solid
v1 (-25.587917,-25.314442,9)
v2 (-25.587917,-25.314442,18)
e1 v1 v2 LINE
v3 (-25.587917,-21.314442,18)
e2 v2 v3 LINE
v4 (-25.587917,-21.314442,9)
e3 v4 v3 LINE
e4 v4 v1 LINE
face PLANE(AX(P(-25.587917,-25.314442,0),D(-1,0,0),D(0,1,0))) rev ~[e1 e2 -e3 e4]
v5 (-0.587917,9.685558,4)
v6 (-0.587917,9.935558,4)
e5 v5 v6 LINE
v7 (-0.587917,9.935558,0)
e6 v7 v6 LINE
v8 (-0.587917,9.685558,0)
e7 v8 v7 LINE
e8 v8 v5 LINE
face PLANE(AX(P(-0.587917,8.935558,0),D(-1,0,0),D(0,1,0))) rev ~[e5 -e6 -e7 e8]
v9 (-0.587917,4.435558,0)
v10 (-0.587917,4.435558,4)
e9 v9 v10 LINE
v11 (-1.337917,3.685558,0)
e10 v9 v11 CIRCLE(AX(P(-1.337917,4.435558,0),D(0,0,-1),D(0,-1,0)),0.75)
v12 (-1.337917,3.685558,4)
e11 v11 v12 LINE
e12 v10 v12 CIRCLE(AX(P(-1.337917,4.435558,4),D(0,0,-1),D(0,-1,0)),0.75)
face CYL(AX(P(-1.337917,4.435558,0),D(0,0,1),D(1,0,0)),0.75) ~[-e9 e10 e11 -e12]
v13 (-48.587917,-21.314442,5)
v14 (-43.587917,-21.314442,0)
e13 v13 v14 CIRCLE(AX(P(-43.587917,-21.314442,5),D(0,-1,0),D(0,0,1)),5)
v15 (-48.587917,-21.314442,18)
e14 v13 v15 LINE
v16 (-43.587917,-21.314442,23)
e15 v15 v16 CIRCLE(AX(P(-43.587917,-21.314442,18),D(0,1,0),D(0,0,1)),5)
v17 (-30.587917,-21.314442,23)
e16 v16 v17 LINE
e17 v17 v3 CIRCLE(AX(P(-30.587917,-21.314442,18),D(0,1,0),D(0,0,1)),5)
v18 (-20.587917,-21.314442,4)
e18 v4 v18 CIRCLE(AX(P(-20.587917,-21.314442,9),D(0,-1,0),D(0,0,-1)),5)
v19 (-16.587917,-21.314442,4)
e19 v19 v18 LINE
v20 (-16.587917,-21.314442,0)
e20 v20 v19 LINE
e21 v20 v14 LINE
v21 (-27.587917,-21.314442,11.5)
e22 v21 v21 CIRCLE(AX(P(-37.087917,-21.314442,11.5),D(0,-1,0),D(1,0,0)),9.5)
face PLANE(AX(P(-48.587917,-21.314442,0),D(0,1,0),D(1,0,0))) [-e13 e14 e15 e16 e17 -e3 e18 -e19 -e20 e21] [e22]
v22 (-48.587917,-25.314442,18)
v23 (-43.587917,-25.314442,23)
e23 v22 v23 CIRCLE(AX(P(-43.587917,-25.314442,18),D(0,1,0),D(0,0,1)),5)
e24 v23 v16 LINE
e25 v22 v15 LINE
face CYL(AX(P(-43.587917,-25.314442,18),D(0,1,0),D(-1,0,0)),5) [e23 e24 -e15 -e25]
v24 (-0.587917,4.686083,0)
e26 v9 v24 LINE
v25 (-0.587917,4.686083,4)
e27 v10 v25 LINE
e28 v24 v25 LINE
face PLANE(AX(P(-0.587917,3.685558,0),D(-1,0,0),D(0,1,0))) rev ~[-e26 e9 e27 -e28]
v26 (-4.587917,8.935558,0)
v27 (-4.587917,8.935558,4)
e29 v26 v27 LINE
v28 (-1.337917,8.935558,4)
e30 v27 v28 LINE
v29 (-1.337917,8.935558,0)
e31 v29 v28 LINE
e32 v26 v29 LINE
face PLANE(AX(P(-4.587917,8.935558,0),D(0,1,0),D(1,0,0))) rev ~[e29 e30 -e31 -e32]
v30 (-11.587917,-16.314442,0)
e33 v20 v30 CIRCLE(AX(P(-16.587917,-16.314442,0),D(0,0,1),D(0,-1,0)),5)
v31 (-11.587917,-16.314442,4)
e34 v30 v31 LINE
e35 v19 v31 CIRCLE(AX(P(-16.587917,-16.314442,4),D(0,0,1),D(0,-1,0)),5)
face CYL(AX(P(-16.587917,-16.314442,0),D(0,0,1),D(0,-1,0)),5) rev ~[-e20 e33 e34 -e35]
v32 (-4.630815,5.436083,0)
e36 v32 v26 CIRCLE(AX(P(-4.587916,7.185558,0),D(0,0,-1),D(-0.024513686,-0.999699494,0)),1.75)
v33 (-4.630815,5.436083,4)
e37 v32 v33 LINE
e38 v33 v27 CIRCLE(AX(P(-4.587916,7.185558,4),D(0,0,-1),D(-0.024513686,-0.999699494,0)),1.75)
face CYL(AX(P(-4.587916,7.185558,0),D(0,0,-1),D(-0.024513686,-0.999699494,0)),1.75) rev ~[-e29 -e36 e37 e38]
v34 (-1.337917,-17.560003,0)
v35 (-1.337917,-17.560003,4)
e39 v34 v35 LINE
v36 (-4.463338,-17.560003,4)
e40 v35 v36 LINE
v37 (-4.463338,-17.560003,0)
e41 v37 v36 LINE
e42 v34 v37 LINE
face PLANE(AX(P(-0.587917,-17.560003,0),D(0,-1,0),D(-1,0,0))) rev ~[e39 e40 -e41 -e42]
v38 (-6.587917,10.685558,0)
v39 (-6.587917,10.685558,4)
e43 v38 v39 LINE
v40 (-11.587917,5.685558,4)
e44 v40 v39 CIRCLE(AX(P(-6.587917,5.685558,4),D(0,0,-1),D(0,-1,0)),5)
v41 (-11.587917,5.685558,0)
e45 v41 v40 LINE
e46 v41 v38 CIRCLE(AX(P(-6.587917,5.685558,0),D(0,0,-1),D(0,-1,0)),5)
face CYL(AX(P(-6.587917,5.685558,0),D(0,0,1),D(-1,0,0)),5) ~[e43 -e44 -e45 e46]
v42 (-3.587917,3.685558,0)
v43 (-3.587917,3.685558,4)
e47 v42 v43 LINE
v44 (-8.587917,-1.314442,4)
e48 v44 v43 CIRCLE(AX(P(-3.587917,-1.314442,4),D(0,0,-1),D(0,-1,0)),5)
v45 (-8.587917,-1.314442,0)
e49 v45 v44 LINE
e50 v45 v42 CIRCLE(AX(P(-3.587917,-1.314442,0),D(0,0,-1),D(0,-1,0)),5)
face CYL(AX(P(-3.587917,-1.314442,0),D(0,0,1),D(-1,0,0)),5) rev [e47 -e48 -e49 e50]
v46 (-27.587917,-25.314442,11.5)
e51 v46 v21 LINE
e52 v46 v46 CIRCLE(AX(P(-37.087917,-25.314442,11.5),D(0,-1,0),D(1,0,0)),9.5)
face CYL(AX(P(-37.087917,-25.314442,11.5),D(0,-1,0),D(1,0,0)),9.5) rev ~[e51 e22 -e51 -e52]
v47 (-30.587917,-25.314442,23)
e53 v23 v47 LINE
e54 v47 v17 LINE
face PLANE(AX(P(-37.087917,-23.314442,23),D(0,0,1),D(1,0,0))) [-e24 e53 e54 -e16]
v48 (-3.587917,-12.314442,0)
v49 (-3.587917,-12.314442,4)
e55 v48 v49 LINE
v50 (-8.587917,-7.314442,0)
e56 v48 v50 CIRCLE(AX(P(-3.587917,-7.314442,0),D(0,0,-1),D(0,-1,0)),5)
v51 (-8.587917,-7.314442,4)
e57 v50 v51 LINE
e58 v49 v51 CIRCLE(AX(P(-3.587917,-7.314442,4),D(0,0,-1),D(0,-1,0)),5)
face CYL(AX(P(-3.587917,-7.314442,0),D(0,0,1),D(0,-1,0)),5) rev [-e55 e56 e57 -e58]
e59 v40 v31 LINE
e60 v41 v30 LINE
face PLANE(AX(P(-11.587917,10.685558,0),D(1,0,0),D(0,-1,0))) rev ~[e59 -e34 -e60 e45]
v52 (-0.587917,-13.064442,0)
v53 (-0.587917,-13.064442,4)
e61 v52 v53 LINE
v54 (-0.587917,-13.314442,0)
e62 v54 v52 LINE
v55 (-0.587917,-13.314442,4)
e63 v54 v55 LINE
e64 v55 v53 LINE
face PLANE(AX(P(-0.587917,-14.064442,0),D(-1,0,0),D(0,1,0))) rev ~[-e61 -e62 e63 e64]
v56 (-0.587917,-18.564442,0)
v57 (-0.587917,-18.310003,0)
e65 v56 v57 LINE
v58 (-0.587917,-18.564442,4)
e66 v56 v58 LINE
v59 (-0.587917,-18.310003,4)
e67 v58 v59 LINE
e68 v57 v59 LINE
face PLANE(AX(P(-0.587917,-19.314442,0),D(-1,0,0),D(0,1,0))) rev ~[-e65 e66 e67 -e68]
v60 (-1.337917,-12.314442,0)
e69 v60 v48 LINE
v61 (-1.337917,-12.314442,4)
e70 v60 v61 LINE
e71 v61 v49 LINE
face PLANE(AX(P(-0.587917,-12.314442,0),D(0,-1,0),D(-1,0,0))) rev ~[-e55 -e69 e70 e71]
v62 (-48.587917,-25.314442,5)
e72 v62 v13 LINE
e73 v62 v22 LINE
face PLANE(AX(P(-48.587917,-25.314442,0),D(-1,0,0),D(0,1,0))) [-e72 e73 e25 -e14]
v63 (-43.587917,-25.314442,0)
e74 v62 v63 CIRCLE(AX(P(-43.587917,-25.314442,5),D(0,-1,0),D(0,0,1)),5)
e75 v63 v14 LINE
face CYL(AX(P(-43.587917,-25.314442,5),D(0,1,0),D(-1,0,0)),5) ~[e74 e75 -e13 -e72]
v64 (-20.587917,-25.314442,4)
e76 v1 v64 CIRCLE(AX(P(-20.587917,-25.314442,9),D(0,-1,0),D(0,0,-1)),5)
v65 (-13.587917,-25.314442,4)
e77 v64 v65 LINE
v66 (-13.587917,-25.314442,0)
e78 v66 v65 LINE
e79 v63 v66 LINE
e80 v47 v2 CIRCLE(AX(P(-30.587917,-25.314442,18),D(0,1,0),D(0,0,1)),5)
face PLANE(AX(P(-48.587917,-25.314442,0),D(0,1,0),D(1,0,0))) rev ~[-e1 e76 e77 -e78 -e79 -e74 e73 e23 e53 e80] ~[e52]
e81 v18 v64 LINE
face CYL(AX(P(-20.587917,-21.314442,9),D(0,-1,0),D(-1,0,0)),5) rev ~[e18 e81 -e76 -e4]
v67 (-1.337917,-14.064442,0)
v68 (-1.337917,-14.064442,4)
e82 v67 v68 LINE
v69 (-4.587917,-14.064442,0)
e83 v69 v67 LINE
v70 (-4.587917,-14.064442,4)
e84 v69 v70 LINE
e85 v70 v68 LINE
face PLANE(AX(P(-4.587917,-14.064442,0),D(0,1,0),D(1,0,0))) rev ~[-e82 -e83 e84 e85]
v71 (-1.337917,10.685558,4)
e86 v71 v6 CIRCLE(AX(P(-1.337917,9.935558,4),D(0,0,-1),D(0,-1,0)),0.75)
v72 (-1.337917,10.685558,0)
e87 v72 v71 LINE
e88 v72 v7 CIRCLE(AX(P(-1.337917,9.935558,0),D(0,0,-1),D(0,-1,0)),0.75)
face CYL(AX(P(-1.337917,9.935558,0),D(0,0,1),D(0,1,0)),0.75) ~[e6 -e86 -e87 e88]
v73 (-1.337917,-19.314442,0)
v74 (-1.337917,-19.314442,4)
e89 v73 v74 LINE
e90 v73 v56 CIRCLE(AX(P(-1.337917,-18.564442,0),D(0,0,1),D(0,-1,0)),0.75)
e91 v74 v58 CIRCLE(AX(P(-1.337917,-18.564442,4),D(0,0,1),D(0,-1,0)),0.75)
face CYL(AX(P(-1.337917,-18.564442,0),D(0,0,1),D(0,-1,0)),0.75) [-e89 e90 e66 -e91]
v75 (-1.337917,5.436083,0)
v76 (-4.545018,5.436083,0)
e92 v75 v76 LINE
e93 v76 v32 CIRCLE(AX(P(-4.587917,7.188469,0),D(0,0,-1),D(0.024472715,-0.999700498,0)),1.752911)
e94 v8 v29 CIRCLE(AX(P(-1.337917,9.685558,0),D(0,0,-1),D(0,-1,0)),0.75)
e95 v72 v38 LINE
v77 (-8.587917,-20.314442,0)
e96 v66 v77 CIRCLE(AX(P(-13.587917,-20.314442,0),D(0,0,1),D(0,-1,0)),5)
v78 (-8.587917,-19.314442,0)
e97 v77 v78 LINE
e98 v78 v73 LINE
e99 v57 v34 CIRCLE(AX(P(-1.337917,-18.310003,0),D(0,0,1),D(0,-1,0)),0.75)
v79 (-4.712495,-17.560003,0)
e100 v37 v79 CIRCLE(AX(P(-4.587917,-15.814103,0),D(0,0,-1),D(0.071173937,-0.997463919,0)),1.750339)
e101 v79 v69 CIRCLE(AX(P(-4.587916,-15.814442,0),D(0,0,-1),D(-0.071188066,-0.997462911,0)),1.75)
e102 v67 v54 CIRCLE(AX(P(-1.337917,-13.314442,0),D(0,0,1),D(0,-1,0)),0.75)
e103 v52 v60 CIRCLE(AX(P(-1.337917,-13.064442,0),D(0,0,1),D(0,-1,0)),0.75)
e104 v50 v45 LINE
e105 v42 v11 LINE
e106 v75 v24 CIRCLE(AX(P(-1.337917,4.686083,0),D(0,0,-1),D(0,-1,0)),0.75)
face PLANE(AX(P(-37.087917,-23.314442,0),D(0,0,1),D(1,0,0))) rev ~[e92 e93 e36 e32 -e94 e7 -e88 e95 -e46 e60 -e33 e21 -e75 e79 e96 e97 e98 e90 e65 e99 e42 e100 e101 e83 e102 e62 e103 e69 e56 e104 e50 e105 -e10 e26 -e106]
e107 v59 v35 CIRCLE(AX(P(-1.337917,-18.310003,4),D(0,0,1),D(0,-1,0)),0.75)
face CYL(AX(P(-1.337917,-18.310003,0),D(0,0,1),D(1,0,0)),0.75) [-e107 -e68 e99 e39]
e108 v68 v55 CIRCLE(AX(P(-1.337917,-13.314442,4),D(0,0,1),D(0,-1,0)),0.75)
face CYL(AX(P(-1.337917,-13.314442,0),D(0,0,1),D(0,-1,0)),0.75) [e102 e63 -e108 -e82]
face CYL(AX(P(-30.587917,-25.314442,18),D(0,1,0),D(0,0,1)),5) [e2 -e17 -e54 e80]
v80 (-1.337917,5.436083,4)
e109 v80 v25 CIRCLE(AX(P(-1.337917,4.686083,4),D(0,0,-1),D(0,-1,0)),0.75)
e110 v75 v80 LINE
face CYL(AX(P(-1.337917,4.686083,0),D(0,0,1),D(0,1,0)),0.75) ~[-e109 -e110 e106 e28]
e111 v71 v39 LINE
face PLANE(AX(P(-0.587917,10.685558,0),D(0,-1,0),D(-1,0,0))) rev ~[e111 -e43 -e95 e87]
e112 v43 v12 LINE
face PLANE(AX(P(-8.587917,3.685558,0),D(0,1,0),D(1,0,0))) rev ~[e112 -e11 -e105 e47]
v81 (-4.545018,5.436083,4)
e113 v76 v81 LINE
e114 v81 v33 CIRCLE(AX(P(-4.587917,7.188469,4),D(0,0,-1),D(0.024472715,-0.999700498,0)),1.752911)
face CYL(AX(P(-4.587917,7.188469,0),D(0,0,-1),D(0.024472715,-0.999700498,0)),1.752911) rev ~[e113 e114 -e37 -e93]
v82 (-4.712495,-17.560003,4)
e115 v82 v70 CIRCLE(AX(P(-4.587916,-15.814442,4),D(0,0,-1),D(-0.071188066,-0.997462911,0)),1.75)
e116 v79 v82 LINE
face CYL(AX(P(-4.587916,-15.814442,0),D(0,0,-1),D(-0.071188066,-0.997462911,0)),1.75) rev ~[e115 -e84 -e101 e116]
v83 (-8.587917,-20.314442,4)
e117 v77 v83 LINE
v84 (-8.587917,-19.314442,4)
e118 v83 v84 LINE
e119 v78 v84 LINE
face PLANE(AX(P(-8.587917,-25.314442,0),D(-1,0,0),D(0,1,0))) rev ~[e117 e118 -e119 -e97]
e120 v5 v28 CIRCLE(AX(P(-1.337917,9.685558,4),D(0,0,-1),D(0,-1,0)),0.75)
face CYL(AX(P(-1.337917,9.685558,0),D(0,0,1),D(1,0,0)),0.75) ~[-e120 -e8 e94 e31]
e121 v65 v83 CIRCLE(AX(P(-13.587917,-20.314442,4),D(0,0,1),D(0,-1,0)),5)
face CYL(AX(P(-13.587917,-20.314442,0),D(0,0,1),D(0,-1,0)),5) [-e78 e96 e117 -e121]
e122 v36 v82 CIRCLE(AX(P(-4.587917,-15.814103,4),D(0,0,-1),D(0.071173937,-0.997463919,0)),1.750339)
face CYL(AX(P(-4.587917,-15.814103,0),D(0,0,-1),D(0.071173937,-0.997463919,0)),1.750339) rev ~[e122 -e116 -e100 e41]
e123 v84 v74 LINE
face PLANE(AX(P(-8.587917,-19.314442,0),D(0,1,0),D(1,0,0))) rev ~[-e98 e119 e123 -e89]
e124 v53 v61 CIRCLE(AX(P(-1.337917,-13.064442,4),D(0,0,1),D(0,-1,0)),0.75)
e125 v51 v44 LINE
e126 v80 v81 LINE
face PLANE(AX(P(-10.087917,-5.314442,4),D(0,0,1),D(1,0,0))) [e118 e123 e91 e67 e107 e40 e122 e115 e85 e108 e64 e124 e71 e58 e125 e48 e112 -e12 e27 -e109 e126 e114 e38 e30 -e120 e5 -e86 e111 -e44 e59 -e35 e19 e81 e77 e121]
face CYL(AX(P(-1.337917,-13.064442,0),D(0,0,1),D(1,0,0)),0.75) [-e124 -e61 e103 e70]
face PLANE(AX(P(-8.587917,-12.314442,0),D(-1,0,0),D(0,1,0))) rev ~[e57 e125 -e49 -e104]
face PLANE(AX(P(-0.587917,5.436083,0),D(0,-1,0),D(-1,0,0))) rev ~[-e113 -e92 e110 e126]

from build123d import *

# Parameters (mm, degrees)
F1_DEPTH = 4
F0_W     = 23
F0_H     = 4
F0_W_2   = 15
F0_H_2   = 1
F2_DEPTH = 23
F3_R     = 9.5
F4_DEPTH = 25
F5_R     = 5
F6_R     = 5
F7_R     = 0.75


with BuildPart() as f1:
    # F0 (on Top) → F1 (new body)
    with BuildSketch(Plane.XY):
        Polygon((-8.587917, 10.685558), (-11.587917, 10.685558), (-11.587917, -21.314442), (-8.587917, -21.314442), (-8.587917, -19.314442), (-8.587917, -12.314442), (-8.587917, 3.685558), align=None)
        with BuildLine():
            Line((-0.587917, -12.314442), (-8.587917, -12.314442))
            Line((-8.587917, -12.314442), (-8.587917, -19.314442))
            Line((-8.587917, -19.314442), (-0.587917, -19.314442))
            Line((-0.587917, -19.314442), (-0.587917, -17.560003))
            Line((-0.587917, -17.560003), (-4.463338, -17.560003))
            ThreePointArc((-4.463338, -17.560003), (-4.587917, -17.564442), (-4.712495, -17.560003))
            ThreePointArc((-4.712495, -17.560003), (-6.336806, -15.752114), (-4.587917, -14.064442))
            Line((-4.587917, -14.064442), (-0.587917, -14.064442))
            Line((-0.587917, -14.064442), (-0.587917, -12.314442))
        make_face()
        with BuildLine():
            Line((-0.587917, 10.685558), (-8.587917, 10.685558))
            Line((-8.587917, 10.685558), (-8.587917, 3.685558))
            Line((-8.587917, 3.685558), (-0.587917, 3.685558))
            Line((-0.587917, 3.685558), (-0.587917, 5.436083))
            Line((-0.587917, 5.436083), (-4.545018, 5.436083))
            ThreePointArc((-4.545018, 5.436083), (-4.587917, 5.435558), (-4.630815, 5.436083))
            ThreePointArc((-4.630815, 5.436083), (-6.337785, 7.207009), (-4.587917, 8.935558))
            Line((-4.587917, 8.935558), (-0.587917, 8.935558))
            Line((-0.587917, 8.935558), (-0.587917, 10.685558))
        make_face()
        Polygon((-8.587917, -21.314442), (-11.587917, -21.314442), (-25.587917, -21.314442), (-25.587917, -25.314442), (-8.587917, -25.314442), align=None)
    extrude(amount=F1_DEPTH)

    # F0 (on Top) → F2 (join)
    with BuildSketch(Plane.XY):
        with Locations((-37.087917, -23.314442)):
            Rectangle(F0_W, F0_H)
        with Locations((-37.087917, -23.314442)):
            Rectangle(F0_W_2, F0_H_2, mode=Mode.SUBTRACT)
        with Locations((-37.087917, -23.314442)):
            Rectangle(F0_W_2, F0_H_2)
    extrude(amount=F2_DEPTH)

    # F3 (on face) → F4 (cut)
    with BuildSketch(Plane.XZ.offset(25.314442)):
        with Locations((-37.087917, 11.5)):
            Circle(F3_R)
    extrude(amount=-F4_DEPTH, mode=Mode.SUBTRACT)

    # F5
    f5_edges = [f1.edges().sort_by_distance(p)[0] for p in [
        (-48.587917, -23.314442, 23),
        (-25.587917, -23.314442, 23),
        (-48.587917, -23.314442, 0),
        (-25.587917, -23.314442, 4),
    ]]
    fillet(f5_edges, radius=F5_R)

    # F6
    f6_edges = [f1.edges().sort_by_distance(p)[0] for p in [
        (-8.587917, -25.314442, 2),
        (-11.587917, -21.314442, 2),
        (-8.587917, -12.314442, 2),
        (-8.587917, 3.685558, 2),
        (-11.587917, 10.685558, 2),
    ]]
    fillet(f6_edges, radius=F6_R)

    # F7
    f7_edges = [f1.edges().sort_by_distance(p)[0] for p in [
        (-0.587917, 10.685558, 2),
        (-0.587917, 8.935558, 2),
        (-0.587917, 5.436083, 2),
        (-0.587917, 3.685558, 2),
        (-0.587917, -12.314442, 2),
        (-0.587917, -14.064442, 2),
        (-0.587917, -17.560003, 2),
        (-0.587917, -19.314442, 2),
    ]]
    fillet(f7_edges, radius=F7_R)


solid = f1.part
